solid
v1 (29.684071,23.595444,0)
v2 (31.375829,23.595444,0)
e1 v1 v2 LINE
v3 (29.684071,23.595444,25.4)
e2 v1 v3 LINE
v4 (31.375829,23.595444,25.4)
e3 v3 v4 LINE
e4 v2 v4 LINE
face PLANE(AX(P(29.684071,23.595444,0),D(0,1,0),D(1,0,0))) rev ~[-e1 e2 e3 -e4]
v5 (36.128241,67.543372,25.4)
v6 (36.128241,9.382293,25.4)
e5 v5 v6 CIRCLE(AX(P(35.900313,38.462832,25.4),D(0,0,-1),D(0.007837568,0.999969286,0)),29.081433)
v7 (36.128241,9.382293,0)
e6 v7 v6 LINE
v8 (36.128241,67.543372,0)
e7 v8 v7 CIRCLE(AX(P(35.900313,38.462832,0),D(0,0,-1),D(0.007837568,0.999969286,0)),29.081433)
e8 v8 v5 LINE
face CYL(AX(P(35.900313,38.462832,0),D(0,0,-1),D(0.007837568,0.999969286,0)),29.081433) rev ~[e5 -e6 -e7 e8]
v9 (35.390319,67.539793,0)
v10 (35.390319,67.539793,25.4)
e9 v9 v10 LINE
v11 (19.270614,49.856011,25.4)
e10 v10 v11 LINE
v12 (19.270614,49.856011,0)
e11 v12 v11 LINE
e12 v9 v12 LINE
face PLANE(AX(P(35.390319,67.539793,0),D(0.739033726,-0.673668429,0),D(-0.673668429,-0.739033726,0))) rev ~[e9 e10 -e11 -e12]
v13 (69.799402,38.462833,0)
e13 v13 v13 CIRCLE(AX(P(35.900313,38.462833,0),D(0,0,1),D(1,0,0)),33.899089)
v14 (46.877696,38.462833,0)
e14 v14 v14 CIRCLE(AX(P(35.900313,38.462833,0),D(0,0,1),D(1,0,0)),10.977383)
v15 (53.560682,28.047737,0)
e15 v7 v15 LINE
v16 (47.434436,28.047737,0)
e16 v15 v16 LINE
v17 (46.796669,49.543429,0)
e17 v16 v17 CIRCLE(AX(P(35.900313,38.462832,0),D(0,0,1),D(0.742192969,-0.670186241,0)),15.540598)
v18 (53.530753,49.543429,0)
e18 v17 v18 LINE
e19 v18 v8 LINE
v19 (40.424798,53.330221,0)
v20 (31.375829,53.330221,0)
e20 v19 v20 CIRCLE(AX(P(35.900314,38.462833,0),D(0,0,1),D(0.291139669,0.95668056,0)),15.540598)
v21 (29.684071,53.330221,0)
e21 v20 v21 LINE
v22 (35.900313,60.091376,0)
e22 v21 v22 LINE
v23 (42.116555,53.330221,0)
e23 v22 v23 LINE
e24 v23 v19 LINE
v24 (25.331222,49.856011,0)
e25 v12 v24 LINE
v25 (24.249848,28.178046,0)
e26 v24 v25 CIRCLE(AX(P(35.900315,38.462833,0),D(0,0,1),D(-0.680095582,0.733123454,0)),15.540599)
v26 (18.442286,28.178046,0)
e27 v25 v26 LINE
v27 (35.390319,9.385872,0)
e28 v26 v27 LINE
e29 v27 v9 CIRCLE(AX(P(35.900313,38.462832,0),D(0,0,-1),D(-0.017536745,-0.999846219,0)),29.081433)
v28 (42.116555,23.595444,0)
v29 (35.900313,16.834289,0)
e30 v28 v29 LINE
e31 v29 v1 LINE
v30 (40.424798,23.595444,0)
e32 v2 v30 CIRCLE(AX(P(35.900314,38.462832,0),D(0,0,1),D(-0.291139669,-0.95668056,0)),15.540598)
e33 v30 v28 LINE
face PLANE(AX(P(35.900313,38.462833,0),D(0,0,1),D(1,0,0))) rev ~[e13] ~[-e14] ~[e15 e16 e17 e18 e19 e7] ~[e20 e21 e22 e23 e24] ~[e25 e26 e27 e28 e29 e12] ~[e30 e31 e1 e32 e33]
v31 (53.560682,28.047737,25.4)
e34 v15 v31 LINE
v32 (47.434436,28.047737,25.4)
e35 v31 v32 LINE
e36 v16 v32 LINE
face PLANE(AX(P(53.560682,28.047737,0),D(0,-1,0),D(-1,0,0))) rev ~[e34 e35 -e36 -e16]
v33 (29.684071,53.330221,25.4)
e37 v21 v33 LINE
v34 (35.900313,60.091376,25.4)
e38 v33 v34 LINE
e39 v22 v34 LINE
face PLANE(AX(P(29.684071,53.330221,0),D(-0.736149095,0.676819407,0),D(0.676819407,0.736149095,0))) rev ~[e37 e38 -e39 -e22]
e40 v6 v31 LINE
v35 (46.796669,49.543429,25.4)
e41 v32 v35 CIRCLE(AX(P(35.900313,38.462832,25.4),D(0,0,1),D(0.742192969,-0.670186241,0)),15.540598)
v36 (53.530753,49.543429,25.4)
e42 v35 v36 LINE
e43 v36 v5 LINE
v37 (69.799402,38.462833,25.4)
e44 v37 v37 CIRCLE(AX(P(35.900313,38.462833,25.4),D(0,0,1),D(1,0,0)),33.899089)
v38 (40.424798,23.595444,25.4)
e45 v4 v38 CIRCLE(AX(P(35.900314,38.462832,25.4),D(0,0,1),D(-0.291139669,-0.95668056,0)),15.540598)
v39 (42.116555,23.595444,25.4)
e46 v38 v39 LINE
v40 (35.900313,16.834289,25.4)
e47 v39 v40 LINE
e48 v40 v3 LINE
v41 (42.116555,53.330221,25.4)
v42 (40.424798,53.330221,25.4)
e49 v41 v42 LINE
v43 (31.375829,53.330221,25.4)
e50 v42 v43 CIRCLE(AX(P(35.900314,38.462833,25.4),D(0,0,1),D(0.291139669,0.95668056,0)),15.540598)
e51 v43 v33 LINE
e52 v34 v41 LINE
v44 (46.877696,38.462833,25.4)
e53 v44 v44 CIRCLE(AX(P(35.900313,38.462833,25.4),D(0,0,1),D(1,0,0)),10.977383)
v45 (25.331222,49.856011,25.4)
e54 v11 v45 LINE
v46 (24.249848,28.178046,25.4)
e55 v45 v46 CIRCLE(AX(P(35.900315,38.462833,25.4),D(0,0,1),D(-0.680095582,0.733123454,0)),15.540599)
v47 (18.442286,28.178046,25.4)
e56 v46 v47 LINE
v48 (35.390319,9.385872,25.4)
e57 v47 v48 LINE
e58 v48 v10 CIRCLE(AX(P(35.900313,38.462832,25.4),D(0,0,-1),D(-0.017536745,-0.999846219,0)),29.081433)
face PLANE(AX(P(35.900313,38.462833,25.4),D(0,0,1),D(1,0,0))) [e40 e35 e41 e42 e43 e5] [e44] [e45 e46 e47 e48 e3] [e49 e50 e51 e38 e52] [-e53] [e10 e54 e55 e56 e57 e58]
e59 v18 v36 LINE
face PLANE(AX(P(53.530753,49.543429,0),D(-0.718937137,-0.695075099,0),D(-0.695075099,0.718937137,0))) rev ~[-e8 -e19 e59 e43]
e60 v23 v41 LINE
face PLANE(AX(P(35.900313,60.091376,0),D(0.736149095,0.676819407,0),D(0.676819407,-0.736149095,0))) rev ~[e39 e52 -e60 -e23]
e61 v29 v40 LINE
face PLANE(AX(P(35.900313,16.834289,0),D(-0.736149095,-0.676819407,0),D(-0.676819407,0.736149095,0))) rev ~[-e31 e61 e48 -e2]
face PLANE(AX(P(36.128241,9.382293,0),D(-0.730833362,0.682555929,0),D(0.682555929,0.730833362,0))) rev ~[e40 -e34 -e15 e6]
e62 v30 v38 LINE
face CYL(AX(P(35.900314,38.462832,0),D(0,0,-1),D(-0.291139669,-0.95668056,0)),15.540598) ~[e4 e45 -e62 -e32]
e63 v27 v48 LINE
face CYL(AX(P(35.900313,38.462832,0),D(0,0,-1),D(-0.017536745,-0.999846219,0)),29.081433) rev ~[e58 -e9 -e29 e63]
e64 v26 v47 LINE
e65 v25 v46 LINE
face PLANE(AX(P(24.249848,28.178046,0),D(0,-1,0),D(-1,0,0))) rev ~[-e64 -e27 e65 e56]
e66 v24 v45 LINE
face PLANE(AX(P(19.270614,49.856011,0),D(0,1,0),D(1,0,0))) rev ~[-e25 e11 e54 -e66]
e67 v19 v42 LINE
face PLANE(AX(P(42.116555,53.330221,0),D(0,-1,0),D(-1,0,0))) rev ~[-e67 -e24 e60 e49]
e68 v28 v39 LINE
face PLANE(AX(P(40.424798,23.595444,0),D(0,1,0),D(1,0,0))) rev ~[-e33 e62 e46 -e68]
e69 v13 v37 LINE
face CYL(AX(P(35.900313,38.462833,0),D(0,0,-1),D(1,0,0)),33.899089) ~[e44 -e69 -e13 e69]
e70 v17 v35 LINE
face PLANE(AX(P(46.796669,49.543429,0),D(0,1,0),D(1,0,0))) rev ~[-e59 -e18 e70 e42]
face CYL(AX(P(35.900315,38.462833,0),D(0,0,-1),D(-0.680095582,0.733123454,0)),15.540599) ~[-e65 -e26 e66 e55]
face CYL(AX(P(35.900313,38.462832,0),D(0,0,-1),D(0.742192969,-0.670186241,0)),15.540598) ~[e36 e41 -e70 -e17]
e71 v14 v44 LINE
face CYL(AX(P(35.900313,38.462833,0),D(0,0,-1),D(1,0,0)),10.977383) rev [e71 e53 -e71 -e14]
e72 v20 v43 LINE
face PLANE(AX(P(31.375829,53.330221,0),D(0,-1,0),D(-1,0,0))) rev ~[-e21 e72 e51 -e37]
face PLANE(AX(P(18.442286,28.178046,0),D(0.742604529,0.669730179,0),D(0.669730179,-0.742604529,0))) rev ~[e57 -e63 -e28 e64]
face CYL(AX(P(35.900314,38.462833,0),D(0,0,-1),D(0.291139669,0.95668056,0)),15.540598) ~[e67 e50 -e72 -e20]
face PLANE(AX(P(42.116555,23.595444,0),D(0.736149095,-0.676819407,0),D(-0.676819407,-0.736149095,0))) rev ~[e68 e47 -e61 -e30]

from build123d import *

# Parameters (mm, degrees)
F0_R     = 33.899089
F0_R_2   = 10.977383
F1_DEPTH = 25.4


with BuildPart() as f1:
    # F0 (on Top) → F1 (new body)
    with BuildSketch(Plane.XY):
        with Locations((35.900313, 38.462833)):
            Circle(F0_R)
        with BuildLine():
            Line((29.684071, 23.595444), (31.375829, 23.595444))
            ThreePointArc((31.375829, 23.595444), (35.900313, 22.922234), (40.424798, 23.595444))
            Line((40.424798, 23.595444), (42.116555, 23.595444))
            Line((42.116555, 23.595444), (35.900313, 16.834289))
            Line((35.900313, 16.834289), (29.684071, 23.595444))
        make_face(mode=Mode.SUBTRACT)
        with BuildLine():
            Line((35.390319, 67.539793), (19.270614, 49.856011))
            Line((19.270614, 49.856011), (25.331222, 49.856011))
            ThreePointArc((25.331222, 49.856011), (20.379015, 39.237091), (24.249848, 28.178046))
            Line((24.249848, 28.178046), (18.442286, 28.178046))
            Line((18.442286, 28.178046), (35.390319, 9.385872))
            ThreePointArc((35.390319, 9.385872), (6.81888, 38.462833), (35.390319, 67.539793))
        make_face(mode=Mode.SUBTRACT)
        with Locations((35.900313, 38.462833)):
            Circle(F0_R_2, mode=Mode.SUBTRACT)
        with BuildLine():
            ThreePointArc((36.128241, 67.543372), (64.981746, 38.462833), (36.128241, 9.382293))
            Line((36.128241, 9.382293), (53.560682, 28.047737))
            Line((53.560682, 28.047737), (47.434436, 28.047737))
            ThreePointArc((47.434436, 28.047737), (51.434076, 38.923711), (46.796669, 49.543429))
            Line((46.796669, 49.543429), (53.530753, 49.543429))
            Line((53.530753, 49.543429), (36.128241, 67.543372))
        make_face(mode=Mode.SUBTRACT)
        with BuildLine():
            ThreePointArc((40.424798, 53.330221), (35.900313, 54.003431), (31.375829, 53.330221))
            Line((31.375829, 53.330221), (29.684071, 53.330221))
            Line((29.684071, 53.330221), (35.900313, 60.091376))
            Line((35.900313, 60.091376), (42.116555, 53.330221))
            Line((42.116555, 53.330221), (40.424798, 53.330221))
        make_face(mode=Mode.SUBTRACT)
    extrude(amount=F1_DEPTH)


solid = f1.part
